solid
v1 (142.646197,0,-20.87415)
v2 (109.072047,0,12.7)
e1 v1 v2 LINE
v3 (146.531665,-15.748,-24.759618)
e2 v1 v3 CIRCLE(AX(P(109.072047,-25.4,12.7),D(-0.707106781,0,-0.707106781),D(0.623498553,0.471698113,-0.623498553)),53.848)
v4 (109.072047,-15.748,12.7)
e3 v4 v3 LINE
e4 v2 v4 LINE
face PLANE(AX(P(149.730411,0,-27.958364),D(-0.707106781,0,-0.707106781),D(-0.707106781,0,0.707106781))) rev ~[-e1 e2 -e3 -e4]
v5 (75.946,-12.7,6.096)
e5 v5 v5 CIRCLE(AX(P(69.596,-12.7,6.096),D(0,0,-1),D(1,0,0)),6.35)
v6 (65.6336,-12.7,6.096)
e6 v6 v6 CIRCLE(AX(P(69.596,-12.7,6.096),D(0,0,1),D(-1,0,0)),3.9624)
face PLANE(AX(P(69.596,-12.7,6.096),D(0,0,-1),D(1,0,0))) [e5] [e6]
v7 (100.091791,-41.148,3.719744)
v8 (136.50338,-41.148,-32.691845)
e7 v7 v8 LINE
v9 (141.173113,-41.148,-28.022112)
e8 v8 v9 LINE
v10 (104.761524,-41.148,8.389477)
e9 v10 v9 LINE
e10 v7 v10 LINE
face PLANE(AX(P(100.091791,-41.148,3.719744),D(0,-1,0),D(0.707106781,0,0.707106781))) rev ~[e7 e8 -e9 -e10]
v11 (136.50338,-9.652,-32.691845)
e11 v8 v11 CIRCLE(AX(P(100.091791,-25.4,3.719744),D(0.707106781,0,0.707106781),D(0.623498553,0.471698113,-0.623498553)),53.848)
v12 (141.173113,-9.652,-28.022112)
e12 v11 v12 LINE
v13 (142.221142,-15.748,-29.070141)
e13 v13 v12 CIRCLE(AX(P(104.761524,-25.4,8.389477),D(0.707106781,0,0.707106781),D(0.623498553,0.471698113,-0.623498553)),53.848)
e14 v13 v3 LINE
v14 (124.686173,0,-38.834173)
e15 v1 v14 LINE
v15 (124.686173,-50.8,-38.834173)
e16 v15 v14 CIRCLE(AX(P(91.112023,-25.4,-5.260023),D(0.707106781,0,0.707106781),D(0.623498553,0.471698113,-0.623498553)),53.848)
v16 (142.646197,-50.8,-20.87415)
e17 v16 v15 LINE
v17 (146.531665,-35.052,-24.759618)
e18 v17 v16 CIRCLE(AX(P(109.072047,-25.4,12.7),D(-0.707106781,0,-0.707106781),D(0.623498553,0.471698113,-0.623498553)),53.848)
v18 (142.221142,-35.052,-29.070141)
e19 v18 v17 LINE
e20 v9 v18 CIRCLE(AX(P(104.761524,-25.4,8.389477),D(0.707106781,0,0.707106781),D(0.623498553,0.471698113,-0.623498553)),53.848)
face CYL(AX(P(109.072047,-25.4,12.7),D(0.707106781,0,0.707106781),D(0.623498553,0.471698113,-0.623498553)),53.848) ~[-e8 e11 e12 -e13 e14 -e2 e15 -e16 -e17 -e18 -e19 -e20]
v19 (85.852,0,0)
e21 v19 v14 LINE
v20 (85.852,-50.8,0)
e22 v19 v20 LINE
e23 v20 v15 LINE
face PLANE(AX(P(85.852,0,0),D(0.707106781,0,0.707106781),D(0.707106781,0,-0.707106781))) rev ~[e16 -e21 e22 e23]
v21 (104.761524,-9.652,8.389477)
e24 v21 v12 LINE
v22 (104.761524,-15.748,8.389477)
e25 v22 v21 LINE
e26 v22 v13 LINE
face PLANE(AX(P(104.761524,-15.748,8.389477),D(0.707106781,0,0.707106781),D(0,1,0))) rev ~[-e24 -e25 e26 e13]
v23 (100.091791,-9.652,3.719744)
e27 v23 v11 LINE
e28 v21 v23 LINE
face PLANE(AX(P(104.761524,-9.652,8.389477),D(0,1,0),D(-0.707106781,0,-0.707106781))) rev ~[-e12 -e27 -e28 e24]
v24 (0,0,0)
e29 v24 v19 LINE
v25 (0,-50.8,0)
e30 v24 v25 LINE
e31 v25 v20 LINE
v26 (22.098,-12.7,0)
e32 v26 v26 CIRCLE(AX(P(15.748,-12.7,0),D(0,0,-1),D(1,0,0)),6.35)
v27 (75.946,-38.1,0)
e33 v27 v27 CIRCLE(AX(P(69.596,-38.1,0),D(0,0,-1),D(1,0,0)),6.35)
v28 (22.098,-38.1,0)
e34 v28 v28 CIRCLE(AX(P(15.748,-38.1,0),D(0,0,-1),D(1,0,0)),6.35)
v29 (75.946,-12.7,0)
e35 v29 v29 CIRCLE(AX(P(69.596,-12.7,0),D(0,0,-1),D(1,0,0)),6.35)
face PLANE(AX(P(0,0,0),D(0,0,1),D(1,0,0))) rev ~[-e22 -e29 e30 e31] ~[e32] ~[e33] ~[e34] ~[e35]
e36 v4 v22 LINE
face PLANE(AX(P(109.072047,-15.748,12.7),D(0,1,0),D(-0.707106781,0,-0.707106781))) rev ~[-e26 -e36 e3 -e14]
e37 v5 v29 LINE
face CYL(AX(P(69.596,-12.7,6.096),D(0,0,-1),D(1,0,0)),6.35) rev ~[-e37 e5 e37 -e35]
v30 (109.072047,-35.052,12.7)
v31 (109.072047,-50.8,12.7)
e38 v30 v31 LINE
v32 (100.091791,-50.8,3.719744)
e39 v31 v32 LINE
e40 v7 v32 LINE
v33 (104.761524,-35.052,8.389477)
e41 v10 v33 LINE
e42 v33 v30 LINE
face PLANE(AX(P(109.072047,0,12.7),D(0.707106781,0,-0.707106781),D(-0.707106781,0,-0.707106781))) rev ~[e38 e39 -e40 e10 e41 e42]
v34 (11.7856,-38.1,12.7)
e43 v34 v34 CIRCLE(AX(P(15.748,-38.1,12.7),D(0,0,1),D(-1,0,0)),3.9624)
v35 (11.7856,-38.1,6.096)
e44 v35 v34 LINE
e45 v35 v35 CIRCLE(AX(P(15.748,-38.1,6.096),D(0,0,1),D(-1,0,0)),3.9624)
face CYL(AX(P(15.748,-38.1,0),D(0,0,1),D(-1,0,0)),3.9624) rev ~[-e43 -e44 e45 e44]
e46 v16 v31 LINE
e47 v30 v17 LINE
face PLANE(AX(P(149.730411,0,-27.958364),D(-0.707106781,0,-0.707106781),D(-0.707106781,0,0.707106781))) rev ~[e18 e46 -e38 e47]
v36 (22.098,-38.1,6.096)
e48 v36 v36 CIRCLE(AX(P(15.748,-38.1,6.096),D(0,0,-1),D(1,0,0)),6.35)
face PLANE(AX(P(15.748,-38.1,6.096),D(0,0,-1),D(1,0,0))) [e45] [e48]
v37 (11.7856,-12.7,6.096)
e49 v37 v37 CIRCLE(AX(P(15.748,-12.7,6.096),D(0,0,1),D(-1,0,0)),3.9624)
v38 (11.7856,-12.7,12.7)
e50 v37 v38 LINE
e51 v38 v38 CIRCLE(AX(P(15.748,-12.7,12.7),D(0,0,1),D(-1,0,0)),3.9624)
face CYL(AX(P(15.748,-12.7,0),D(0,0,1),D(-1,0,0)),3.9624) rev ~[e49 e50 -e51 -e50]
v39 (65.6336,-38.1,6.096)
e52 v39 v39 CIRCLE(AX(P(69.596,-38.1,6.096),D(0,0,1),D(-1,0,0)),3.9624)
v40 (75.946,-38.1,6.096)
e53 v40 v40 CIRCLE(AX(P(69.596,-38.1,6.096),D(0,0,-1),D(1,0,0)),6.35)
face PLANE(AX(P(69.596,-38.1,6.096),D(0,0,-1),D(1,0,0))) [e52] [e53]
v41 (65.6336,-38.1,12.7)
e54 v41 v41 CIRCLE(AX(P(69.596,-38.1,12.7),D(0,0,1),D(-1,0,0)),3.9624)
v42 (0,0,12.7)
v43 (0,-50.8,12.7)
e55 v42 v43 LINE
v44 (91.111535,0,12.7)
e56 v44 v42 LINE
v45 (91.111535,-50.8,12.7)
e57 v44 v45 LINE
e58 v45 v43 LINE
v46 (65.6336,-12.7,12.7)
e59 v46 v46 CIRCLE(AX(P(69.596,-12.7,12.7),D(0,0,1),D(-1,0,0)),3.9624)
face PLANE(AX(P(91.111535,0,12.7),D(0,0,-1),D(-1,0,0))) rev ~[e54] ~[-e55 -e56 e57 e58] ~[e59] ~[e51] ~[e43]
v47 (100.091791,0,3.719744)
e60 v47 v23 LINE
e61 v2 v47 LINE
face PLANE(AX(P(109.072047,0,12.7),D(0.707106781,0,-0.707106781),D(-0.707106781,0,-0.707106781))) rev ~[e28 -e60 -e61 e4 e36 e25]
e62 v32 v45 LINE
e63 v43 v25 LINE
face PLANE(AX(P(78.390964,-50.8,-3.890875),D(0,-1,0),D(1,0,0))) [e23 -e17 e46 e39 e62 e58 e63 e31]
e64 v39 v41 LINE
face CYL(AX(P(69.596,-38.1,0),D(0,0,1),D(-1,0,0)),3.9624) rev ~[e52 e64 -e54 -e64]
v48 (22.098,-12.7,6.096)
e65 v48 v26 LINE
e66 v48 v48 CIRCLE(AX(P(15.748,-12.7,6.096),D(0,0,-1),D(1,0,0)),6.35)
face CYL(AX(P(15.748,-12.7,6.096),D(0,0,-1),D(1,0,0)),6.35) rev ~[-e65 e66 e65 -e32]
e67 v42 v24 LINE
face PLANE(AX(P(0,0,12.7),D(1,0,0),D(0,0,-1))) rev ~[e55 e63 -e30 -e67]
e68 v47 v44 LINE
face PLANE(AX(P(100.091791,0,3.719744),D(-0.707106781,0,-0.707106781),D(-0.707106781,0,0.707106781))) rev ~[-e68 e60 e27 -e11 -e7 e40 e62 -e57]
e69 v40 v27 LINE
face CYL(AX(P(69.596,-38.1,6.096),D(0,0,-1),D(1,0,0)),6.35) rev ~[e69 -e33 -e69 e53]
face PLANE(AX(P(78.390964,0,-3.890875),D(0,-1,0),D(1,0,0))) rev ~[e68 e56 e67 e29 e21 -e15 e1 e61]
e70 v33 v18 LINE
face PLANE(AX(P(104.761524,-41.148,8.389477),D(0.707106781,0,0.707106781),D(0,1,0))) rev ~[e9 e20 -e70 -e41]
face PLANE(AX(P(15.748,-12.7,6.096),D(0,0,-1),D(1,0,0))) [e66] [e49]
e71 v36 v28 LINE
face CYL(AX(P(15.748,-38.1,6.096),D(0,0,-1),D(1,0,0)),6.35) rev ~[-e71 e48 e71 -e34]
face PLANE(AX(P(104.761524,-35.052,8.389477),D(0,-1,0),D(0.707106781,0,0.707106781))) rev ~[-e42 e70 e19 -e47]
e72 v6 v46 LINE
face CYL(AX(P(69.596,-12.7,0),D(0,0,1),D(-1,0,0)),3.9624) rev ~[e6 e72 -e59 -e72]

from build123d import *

# Parameters (mm, degrees)
F1_DEPTH       = 50.8
F3_D           = 7.9248
F3_CBORE_D     = 12.7
F3_CBORE_DEPTH = 6.096
F5_DEPTH       = 118.4823439803
F7_DEPTH       = 66.5486543438


with BuildPart() as f1:
    # F0 (on Front) → F1 (new body)
    with BuildSketch(Plane.XZ):
        Polygon((0, 12.7), (0, 0), (85.852, 0), (131.6378767242, -45.7858767242), (149.7304108726, -27.9583640517), (109.0720468209, 12.7), (100.0917906999, 3.7197438789), (91.1115345788, 12.7), align=None)
    extrude(amount=F1_DEPTH)

    # F3 (through all)
    with Locations(Plane(origin=(0, 0, 0), x_dir=(1, 0, 0), z_dir=(0, 0, -1))):
        with Locations((15.748, 12.7), (15.748, 38.1), (69.596, 38.1), (69.596, 12.7)):
            CounterBoreHole(F3_D / 2, F3_CBORE_D / 2, F3_CBORE_DEPTH)

    # F4 (on face) → F5 (cut, through all)
    with BuildSketch(Plane(origin=(60.8860234105, 0, 60.8860234105), x_dir=(0.7071067812, 0, -0.7071067812), z_dir=(0.7071067812, 0, 0.7071067812))):
        with BuildLine():
            ThreePointArc((115.6263461786, 0), (121.9933278239, -25.4), (115.6263461786, -50.8))
            Line((115.6263461786, -50.8), (125.6449376897, -50.8))
            Line((125.6449376897, -50.8), (125.6449376897, 0))
            Line((125.6449376897, 0), (115.6263461786, 0))
        make_face()
    extrude(amount=-F5_DEPTH, mode=Mode.SUBTRACT)

    # F6 (on face) → F7 (cut, through all)
    with BuildSketch(Plane(origin=(48.1860234105, 0, -48.1860234105), x_dir=(0, -1, 0), z_dir=(-0.7071067812, 0, 0.7071067812))):
        Polygon((9.652, 73.405840066), (41.148, 73.405840066), (41.148, 80.009840066), (35.052, 80.009840066), (35.052, 86.105840066), (15.748, 86.105840066), (15.748, 80.009840066), (9.652, 80.009840066), align=None)
    extrude(amount=-F7_DEPTH, mode=Mode.SUBTRACT)


solid = f1.part
